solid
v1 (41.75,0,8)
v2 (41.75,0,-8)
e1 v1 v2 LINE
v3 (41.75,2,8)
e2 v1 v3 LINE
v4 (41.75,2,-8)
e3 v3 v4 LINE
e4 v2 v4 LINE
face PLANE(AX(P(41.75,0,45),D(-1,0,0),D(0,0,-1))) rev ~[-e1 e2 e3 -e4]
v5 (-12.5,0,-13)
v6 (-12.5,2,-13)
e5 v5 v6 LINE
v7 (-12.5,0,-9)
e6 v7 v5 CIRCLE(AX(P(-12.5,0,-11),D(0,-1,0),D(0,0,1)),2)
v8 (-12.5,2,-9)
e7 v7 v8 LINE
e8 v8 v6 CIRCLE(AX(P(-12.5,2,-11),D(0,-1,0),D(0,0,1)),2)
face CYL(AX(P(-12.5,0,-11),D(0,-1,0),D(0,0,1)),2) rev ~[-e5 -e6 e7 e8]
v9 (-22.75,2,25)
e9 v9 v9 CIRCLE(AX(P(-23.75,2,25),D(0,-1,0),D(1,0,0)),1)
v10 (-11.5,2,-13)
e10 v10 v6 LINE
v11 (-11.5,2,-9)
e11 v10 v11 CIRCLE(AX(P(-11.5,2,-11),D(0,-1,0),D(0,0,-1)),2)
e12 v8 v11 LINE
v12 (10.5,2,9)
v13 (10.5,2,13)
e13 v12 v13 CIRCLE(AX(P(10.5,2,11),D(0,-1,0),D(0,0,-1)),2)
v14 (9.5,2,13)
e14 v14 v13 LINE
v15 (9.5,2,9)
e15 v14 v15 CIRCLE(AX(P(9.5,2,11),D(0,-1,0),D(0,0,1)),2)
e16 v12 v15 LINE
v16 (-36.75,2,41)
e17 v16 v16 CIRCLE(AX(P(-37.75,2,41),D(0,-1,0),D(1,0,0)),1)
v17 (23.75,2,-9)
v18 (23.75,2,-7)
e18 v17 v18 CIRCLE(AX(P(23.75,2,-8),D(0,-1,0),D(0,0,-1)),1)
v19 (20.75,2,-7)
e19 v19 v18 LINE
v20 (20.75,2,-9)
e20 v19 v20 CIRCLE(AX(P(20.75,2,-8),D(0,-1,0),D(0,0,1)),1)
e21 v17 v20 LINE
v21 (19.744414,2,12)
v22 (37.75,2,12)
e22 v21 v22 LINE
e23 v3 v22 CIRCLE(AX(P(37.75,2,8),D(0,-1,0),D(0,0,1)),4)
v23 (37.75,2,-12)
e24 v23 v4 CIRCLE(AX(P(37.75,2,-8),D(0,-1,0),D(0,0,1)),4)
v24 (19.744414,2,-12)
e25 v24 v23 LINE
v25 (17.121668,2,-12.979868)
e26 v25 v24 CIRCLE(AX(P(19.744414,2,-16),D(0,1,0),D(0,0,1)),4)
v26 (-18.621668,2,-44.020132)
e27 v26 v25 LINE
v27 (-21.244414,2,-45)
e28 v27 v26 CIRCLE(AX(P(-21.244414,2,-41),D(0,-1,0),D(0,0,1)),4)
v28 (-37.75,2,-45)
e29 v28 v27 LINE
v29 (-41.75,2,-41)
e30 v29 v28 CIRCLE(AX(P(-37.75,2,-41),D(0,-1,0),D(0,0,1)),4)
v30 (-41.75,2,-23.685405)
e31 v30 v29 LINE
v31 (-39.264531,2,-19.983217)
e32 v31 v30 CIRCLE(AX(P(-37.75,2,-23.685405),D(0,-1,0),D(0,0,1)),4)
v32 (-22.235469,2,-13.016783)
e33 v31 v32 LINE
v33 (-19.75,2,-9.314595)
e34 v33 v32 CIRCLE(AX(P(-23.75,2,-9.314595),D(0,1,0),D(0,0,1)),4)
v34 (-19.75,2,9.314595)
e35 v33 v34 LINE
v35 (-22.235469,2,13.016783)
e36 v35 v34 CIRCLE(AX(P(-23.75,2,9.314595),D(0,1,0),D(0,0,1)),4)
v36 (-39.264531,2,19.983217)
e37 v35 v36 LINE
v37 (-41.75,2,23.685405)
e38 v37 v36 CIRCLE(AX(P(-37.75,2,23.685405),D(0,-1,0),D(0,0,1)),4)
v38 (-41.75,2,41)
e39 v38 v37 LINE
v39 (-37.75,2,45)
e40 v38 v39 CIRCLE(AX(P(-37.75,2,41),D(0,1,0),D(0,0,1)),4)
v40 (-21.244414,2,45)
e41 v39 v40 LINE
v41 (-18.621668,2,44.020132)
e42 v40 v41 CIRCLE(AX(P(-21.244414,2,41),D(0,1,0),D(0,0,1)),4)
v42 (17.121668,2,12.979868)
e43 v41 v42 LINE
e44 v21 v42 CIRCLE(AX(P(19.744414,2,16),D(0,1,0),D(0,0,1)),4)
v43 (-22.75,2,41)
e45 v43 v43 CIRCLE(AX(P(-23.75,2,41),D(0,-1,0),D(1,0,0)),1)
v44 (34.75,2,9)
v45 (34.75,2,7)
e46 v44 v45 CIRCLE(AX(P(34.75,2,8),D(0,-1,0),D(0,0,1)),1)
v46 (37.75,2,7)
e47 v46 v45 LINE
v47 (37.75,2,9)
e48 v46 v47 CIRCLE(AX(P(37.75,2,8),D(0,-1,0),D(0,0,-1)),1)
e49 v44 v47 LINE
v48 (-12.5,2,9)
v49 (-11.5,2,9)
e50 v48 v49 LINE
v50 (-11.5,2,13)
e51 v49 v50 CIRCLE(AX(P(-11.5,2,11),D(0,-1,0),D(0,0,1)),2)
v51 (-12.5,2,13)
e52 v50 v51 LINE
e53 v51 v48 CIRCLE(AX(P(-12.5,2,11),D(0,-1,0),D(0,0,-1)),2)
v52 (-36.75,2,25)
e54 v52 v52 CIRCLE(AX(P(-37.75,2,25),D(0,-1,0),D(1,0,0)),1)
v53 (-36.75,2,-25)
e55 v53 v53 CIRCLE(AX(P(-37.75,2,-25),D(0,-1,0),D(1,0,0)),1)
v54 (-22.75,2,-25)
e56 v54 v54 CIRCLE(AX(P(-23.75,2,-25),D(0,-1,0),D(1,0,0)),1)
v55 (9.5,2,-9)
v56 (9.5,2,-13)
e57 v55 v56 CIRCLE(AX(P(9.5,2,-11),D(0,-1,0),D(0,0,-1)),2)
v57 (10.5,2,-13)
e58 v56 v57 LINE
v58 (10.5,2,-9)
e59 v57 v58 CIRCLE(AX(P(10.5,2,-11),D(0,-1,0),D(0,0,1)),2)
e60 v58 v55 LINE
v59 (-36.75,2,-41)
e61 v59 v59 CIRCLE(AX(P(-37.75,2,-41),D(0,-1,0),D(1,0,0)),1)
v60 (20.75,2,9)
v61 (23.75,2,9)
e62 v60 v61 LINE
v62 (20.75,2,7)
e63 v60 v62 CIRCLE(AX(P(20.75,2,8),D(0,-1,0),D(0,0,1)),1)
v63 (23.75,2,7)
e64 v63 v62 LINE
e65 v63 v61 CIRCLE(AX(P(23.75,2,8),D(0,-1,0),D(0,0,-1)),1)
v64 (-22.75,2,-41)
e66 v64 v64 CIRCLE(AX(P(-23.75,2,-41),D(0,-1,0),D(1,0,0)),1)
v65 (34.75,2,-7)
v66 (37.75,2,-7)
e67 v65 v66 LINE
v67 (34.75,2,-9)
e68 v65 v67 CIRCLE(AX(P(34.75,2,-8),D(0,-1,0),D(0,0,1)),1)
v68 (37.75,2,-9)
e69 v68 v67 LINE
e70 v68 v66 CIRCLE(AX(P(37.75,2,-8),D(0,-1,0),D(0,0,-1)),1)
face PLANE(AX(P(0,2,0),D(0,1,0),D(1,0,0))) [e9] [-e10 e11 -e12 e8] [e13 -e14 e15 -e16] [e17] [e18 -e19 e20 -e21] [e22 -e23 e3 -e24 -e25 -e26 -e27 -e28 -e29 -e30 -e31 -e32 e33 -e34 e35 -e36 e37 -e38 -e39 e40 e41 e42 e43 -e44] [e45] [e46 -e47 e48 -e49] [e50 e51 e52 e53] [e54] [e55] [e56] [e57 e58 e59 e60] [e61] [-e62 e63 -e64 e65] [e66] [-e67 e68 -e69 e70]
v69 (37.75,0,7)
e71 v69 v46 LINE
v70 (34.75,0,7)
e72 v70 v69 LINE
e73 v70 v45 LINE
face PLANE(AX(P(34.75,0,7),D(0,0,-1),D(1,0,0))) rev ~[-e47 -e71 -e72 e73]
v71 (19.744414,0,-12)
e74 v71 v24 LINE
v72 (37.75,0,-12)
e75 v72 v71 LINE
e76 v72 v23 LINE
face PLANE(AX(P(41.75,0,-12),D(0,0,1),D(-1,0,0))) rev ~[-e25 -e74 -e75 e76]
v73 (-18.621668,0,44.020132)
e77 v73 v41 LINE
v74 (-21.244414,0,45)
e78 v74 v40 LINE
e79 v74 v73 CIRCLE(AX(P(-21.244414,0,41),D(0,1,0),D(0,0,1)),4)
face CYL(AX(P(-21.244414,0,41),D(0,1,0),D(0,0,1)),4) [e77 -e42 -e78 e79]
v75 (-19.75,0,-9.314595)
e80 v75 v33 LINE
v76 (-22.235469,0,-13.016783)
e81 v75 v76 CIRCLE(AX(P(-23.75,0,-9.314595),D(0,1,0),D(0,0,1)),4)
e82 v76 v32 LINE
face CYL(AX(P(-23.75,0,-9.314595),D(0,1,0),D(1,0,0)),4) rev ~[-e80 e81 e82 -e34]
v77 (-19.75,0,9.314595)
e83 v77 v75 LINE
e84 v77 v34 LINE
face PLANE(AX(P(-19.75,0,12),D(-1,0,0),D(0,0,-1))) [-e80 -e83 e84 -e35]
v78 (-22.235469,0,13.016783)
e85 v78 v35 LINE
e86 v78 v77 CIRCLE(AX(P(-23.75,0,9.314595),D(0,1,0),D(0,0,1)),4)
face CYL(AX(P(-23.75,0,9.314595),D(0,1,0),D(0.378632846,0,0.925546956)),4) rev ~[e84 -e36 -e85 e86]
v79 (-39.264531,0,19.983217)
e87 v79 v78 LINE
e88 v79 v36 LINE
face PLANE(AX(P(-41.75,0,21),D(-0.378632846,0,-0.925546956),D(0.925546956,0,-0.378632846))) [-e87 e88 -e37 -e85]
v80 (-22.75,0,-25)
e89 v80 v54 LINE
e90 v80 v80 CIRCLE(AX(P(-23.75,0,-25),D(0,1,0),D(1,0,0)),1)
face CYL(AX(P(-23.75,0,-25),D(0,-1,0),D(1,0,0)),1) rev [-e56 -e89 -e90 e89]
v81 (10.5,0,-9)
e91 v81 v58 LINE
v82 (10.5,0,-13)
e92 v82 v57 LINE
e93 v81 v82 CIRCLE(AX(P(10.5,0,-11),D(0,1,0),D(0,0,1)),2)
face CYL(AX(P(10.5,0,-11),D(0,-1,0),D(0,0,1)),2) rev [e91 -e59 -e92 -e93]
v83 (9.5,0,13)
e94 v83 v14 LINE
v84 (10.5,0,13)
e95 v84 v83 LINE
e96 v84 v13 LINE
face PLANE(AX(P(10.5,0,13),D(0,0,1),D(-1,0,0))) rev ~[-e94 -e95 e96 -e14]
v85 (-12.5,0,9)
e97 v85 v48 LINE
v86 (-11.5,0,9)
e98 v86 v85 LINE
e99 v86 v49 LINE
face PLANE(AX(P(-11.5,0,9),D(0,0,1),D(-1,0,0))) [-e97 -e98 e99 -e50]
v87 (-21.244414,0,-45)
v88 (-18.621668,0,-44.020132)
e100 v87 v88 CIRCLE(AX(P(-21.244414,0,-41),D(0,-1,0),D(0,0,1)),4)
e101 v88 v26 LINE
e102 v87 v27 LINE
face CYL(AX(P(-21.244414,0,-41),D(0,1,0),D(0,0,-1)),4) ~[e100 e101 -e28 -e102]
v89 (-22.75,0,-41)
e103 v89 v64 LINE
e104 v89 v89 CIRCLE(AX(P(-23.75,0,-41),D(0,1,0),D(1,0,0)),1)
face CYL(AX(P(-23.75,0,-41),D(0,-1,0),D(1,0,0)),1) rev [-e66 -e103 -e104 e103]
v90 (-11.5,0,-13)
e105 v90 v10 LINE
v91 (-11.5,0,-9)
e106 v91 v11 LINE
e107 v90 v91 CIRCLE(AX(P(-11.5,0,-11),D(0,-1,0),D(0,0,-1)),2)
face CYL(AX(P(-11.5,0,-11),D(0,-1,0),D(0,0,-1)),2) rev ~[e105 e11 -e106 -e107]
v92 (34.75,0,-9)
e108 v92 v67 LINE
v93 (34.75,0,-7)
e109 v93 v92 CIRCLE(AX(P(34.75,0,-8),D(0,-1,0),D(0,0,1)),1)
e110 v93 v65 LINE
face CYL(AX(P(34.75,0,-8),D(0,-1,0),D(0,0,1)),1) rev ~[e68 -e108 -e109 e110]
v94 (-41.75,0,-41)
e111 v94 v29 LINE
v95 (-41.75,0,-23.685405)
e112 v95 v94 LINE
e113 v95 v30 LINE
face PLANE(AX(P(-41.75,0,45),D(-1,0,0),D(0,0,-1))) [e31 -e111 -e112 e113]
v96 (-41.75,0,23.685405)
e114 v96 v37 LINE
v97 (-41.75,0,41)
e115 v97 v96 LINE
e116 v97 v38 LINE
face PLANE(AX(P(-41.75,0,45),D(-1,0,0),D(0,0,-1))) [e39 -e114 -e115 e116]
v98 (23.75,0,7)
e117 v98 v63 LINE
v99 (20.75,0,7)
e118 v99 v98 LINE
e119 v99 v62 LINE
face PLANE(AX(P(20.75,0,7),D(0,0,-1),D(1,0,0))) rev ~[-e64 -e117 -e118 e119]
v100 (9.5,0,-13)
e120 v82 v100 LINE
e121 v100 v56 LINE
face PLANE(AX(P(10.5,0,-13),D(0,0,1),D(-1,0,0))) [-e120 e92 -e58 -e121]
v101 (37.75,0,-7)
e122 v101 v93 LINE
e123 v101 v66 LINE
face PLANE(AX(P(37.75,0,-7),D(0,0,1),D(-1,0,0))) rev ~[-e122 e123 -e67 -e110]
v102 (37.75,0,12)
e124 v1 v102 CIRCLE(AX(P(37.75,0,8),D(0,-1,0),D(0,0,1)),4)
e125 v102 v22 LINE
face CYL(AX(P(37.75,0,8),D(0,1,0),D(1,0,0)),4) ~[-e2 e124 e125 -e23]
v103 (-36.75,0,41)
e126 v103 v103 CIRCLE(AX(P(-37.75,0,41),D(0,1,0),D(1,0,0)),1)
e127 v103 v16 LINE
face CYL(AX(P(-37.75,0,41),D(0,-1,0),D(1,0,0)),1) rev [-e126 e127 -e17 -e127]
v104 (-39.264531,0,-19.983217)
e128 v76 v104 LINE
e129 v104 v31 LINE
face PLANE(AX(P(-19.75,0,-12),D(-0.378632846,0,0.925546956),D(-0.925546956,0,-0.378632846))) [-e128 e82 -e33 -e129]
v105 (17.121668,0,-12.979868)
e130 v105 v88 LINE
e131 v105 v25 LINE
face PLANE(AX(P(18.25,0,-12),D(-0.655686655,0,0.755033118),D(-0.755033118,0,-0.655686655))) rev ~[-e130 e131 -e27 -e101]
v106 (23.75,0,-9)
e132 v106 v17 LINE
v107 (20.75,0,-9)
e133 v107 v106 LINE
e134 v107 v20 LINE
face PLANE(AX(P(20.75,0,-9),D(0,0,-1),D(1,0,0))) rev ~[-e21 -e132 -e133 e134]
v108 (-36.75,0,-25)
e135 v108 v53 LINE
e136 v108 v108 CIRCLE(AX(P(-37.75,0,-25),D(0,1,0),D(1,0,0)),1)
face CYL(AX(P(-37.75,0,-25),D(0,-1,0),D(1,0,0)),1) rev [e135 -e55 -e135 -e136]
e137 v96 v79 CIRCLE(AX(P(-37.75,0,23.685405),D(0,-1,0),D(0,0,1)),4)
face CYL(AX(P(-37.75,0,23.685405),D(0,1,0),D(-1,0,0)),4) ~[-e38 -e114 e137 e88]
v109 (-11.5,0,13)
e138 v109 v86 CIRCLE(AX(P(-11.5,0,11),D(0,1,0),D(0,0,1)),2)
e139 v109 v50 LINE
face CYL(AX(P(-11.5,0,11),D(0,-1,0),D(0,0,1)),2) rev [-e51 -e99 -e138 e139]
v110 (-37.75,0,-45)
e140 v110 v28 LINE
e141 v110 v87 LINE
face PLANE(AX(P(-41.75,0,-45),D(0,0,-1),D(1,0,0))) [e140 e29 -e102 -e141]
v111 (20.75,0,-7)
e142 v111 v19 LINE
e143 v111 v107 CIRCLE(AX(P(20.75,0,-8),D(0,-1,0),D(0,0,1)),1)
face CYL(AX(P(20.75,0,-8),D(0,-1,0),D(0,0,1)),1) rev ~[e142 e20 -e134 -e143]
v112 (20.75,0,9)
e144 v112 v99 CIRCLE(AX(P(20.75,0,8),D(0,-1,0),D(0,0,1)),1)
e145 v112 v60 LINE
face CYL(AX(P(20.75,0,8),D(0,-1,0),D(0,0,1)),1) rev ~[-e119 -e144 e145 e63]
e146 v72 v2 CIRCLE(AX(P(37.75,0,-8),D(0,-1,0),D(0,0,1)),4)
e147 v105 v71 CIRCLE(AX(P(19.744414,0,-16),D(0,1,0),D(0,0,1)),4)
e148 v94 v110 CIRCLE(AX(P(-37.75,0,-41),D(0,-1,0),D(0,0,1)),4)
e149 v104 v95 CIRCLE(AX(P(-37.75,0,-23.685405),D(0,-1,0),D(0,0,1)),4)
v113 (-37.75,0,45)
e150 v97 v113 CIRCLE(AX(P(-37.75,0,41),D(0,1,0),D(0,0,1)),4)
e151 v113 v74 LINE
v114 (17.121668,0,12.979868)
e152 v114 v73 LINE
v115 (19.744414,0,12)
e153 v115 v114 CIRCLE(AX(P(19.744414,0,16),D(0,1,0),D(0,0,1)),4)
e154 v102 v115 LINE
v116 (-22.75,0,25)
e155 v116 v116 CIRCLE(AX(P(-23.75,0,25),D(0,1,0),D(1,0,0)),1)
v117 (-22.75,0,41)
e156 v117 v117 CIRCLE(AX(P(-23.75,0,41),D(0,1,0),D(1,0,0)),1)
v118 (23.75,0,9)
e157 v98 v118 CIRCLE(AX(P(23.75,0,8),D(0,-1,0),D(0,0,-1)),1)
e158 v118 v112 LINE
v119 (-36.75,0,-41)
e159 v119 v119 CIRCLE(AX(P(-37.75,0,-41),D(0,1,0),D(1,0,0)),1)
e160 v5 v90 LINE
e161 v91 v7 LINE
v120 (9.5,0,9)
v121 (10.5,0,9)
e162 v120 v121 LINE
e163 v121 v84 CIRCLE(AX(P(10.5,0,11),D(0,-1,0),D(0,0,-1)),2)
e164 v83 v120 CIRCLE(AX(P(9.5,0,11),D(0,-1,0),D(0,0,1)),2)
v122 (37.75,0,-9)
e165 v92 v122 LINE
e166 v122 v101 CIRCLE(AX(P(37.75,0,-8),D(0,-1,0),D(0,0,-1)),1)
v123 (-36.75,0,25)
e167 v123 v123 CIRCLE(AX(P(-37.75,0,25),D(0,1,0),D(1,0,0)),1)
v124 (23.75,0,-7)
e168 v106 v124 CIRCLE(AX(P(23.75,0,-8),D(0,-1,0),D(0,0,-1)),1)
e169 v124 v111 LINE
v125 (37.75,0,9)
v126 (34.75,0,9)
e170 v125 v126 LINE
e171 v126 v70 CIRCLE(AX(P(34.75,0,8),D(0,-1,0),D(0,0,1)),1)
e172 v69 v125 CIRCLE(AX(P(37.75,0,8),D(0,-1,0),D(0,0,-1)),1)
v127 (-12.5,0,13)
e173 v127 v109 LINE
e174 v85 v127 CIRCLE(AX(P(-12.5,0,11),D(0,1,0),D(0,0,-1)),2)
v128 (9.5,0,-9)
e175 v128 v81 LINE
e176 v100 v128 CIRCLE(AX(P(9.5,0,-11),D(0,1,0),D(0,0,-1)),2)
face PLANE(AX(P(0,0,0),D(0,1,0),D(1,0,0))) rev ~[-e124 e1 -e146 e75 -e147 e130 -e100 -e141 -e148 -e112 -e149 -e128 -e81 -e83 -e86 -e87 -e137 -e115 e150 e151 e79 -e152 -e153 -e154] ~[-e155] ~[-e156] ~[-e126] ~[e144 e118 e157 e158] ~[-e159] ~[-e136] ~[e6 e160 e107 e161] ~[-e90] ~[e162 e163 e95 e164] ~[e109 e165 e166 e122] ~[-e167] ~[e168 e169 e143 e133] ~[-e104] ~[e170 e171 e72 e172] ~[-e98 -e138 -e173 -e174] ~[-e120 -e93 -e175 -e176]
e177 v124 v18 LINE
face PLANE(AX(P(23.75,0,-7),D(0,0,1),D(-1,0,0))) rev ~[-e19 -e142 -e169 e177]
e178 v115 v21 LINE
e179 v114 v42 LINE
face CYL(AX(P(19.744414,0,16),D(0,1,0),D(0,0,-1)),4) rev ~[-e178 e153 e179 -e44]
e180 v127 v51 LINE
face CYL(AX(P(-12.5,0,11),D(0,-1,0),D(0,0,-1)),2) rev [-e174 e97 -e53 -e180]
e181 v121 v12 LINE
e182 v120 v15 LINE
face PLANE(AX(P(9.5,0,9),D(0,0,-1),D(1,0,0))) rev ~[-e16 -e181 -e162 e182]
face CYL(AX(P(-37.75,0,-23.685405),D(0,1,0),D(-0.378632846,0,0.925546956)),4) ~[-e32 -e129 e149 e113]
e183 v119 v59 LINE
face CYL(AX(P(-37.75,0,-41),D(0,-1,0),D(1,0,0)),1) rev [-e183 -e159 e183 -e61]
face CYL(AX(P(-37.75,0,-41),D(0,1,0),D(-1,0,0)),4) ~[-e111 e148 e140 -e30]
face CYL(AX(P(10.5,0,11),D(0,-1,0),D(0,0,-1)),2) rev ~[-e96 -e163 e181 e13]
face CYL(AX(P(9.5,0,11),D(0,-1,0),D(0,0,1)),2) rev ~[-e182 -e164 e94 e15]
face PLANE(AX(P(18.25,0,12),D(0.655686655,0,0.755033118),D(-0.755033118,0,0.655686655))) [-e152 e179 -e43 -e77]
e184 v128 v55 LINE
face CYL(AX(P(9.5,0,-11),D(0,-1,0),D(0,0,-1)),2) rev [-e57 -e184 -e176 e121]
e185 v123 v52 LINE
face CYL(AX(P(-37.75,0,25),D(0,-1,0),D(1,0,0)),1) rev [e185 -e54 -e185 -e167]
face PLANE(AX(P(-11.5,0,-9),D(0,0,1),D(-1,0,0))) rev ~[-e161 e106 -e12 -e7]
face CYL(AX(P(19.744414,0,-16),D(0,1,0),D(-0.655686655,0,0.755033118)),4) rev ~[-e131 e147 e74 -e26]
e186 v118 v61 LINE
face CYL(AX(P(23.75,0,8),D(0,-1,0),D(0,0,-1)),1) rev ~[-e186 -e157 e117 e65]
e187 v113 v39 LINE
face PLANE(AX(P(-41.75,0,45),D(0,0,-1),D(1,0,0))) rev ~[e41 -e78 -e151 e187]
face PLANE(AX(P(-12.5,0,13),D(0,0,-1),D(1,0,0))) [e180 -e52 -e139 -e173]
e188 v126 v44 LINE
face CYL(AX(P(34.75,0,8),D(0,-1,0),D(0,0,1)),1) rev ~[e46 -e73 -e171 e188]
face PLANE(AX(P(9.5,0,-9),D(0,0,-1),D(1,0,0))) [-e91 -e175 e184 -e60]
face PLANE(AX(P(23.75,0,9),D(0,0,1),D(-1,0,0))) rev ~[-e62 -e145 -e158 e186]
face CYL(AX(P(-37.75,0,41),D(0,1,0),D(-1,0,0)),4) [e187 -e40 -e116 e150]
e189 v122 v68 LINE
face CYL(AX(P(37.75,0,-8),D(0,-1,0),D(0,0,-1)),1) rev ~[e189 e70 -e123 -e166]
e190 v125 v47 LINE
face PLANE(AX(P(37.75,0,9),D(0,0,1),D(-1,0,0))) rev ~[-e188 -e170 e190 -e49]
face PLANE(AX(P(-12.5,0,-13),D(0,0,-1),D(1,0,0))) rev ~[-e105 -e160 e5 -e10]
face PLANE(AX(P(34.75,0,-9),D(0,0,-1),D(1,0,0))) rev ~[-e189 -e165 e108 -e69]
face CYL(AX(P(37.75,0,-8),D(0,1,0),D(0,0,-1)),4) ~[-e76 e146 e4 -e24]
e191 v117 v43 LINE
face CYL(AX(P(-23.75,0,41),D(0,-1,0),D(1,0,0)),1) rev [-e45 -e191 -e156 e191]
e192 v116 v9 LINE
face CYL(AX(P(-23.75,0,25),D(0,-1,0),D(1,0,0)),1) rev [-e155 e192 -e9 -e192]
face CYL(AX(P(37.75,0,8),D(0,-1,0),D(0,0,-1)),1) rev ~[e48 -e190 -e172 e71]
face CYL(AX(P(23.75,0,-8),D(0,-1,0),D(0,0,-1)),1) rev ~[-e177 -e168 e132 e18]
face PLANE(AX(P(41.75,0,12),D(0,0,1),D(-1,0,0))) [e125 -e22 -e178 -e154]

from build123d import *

# Parameters (mm, degrees)
ESQUISSE1_W             = 83.5
ESQUISSE1_H             = 90
BOSS_EXTRU_1_DEPTH      = 2
ESQUISSE2_R             = 1
ENL_V_MAT_EXTRU_1_DEPTH = 3
CONG_1_R                = 4
ENL_V_MAT_EXTRU_2_DEPTH = 3


with BuildPart() as part:
    # Esquisse1 → Boss.-Extru.1 (new body)
    with BuildSketch(Plane(origin=(0, 0, 0), x_dir=(1, 0, 0), z_dir=(0, 1, 0))):
        Rectangle(ESQUISSE1_W, ESQUISSE1_H)
    extrude(amount=BOSS_EXTRU_1_DEPTH)

    # Esquisse2 → Enlèv. mat.-Extru.1 (cut, through all)
    with BuildSketch(Plane(origin=(0, 0, 0), x_dir=(1, 0, 0), z_dir=(0, 1, 0))):
        with Locations((-23.75, -25)):
            Circle(ESQUISSE2_R)
        with Locations((-37.75, -25)):
            Circle(ESQUISSE2_R)
        with Locations((-37.75, -41)):
            Circle(ESQUISSE2_R)
        with Locations((-23.75, -41)):
            Circle(ESQUISSE2_R)
        with Locations((-23.75, 41)):
            Circle(ESQUISSE2_R)
        with Locations((-37.75, 41)):
            Circle(ESQUISSE2_R)
        with Locations((-37.75, 25)):
            Circle(ESQUISSE2_R)
        with Locations((-23.75, 25)):
            Circle(ESQUISSE2_R)
        Polygon((41.75, 12), (18.25, 12), (-19.75, 45), (41.75, 45), align=None)
        Polygon((41.75, -12), (18.25, -12), (-19.75, -45), (41.75, -45), align=None)
        Polygon((-41.75, -21), (-19.75, -12), (-19.75, 12), (-41.75, 21), align=None)
        with BuildLine():
            Line((20.75, 9), (23.75, 9))
            ThreePointArc((23.75, 9), (24.75, 8), (23.75, 7))
            Line((23.75, 7), (20.75, 7))
            ThreePointArc((20.75, 7), (19.75, 8), (20.75, 9))
        make_face()
        with BuildLine():
            Line((37.75, 7), (34.75, 7))
            ThreePointArc((34.75, 7), (33.75, 8), (34.75, 9))
            Line((34.75, 9), (37.75, 9))
            ThreePointArc((37.75, 9), (38.75, 8), (37.75, 7))
        make_face()
        with BuildLine():
            Line((20.75, -7), (23.75, -7))
            ThreePointArc((23.75, -7), (24.75, -8), (23.75, -9))
            Line((23.75, -9), (20.75, -9))
            ThreePointArc((20.75, -9), (19.75, -8), (20.75, -7))
        make_face()
        with BuildLine():
            Line((37.75, -9), (34.75, -9))
            ThreePointArc((34.75, -9), (33.75, -8), (34.75, -7))
            Line((34.75, -7), (37.75, -7))
            ThreePointArc((37.75, -7), (38.75, -8), (37.75, -9))
        make_face()
    extrude(amount=ENL_V_MAT_EXTRU_1_DEPTH, mode=Mode.SUBTRACT)

    # Congé1
    cong_1_edges = [part.edges().sort_by_distance(p)[0] for p in [
        (-19.75, 1, -12),
        (-41.75, 1, -45),
        (-41.75, 1, 45),
        (41.75, 1, 12),
        (18.25, 1, 12),
        (-19.75, 1, 45),
        (41.75, 1, -12),
        (-19.75, 1, -45),
        (18.25, 1, -12),
        (-41.75, 1, -21),
        (-41.75, 1, 21),
        (-19.75, 1, 12),
    ]]
    fillet(cong_1_edges, radius=CONG_1_R)

    # Esquisse3 → Enlèv. mat.-Extru.2 (cut, through all)
    with BuildSketch(Plane(origin=(0, 0, 0), x_dir=(1, 0, 0), z_dir=(0, 1, 0))):
        with BuildLine():
            Line((-12.5, 13), (-11.5, 13))
            ThreePointArc((-11.5, 13), (-9.5, 11), (-11.5, 9))
            Line((-11.5, 9), (-12.5, 9))
            ThreePointArc((-12.5, 9), (-14.5, 11), (-12.5, 13))
        make_face()
        with BuildLine():
            Line((10.5, 13), (9.5, 13))
            ThreePointArc((9.5, 13), (7.5, 11), (9.5, 9))
            Line((9.5, 9), (10.5, 9))
            ThreePointArc((10.5, 9), (12.5, 11), (10.5, 13))
        make_face()
        with BuildLine():
            Line((10.5, -13), (9.5, -13))
            ThreePointArc((9.5, -13), (7.5, -11), (9.5, -9))
            Line((9.5, -9), (10.5, -9))
            ThreePointArc((10.5, -9), (12.5, -11), (10.5, -13))
        make_face()
        with BuildLine():
            Line((-12.5, -13), (-11.5, -13))
            ThreePointArc((-11.5, -13), (-9.5, -11), (-11.5, -9))
            Line((-11.5, -9), (-12.5, -9))
            ThreePointArc((-12.5, -9), (-14.5, -11), (-12.5, -13))
        make_face()
    extrude(amount=ENL_V_MAT_EXTRU_2_DEPTH, mode=Mode.SUBTRACT)


solid = part.part
